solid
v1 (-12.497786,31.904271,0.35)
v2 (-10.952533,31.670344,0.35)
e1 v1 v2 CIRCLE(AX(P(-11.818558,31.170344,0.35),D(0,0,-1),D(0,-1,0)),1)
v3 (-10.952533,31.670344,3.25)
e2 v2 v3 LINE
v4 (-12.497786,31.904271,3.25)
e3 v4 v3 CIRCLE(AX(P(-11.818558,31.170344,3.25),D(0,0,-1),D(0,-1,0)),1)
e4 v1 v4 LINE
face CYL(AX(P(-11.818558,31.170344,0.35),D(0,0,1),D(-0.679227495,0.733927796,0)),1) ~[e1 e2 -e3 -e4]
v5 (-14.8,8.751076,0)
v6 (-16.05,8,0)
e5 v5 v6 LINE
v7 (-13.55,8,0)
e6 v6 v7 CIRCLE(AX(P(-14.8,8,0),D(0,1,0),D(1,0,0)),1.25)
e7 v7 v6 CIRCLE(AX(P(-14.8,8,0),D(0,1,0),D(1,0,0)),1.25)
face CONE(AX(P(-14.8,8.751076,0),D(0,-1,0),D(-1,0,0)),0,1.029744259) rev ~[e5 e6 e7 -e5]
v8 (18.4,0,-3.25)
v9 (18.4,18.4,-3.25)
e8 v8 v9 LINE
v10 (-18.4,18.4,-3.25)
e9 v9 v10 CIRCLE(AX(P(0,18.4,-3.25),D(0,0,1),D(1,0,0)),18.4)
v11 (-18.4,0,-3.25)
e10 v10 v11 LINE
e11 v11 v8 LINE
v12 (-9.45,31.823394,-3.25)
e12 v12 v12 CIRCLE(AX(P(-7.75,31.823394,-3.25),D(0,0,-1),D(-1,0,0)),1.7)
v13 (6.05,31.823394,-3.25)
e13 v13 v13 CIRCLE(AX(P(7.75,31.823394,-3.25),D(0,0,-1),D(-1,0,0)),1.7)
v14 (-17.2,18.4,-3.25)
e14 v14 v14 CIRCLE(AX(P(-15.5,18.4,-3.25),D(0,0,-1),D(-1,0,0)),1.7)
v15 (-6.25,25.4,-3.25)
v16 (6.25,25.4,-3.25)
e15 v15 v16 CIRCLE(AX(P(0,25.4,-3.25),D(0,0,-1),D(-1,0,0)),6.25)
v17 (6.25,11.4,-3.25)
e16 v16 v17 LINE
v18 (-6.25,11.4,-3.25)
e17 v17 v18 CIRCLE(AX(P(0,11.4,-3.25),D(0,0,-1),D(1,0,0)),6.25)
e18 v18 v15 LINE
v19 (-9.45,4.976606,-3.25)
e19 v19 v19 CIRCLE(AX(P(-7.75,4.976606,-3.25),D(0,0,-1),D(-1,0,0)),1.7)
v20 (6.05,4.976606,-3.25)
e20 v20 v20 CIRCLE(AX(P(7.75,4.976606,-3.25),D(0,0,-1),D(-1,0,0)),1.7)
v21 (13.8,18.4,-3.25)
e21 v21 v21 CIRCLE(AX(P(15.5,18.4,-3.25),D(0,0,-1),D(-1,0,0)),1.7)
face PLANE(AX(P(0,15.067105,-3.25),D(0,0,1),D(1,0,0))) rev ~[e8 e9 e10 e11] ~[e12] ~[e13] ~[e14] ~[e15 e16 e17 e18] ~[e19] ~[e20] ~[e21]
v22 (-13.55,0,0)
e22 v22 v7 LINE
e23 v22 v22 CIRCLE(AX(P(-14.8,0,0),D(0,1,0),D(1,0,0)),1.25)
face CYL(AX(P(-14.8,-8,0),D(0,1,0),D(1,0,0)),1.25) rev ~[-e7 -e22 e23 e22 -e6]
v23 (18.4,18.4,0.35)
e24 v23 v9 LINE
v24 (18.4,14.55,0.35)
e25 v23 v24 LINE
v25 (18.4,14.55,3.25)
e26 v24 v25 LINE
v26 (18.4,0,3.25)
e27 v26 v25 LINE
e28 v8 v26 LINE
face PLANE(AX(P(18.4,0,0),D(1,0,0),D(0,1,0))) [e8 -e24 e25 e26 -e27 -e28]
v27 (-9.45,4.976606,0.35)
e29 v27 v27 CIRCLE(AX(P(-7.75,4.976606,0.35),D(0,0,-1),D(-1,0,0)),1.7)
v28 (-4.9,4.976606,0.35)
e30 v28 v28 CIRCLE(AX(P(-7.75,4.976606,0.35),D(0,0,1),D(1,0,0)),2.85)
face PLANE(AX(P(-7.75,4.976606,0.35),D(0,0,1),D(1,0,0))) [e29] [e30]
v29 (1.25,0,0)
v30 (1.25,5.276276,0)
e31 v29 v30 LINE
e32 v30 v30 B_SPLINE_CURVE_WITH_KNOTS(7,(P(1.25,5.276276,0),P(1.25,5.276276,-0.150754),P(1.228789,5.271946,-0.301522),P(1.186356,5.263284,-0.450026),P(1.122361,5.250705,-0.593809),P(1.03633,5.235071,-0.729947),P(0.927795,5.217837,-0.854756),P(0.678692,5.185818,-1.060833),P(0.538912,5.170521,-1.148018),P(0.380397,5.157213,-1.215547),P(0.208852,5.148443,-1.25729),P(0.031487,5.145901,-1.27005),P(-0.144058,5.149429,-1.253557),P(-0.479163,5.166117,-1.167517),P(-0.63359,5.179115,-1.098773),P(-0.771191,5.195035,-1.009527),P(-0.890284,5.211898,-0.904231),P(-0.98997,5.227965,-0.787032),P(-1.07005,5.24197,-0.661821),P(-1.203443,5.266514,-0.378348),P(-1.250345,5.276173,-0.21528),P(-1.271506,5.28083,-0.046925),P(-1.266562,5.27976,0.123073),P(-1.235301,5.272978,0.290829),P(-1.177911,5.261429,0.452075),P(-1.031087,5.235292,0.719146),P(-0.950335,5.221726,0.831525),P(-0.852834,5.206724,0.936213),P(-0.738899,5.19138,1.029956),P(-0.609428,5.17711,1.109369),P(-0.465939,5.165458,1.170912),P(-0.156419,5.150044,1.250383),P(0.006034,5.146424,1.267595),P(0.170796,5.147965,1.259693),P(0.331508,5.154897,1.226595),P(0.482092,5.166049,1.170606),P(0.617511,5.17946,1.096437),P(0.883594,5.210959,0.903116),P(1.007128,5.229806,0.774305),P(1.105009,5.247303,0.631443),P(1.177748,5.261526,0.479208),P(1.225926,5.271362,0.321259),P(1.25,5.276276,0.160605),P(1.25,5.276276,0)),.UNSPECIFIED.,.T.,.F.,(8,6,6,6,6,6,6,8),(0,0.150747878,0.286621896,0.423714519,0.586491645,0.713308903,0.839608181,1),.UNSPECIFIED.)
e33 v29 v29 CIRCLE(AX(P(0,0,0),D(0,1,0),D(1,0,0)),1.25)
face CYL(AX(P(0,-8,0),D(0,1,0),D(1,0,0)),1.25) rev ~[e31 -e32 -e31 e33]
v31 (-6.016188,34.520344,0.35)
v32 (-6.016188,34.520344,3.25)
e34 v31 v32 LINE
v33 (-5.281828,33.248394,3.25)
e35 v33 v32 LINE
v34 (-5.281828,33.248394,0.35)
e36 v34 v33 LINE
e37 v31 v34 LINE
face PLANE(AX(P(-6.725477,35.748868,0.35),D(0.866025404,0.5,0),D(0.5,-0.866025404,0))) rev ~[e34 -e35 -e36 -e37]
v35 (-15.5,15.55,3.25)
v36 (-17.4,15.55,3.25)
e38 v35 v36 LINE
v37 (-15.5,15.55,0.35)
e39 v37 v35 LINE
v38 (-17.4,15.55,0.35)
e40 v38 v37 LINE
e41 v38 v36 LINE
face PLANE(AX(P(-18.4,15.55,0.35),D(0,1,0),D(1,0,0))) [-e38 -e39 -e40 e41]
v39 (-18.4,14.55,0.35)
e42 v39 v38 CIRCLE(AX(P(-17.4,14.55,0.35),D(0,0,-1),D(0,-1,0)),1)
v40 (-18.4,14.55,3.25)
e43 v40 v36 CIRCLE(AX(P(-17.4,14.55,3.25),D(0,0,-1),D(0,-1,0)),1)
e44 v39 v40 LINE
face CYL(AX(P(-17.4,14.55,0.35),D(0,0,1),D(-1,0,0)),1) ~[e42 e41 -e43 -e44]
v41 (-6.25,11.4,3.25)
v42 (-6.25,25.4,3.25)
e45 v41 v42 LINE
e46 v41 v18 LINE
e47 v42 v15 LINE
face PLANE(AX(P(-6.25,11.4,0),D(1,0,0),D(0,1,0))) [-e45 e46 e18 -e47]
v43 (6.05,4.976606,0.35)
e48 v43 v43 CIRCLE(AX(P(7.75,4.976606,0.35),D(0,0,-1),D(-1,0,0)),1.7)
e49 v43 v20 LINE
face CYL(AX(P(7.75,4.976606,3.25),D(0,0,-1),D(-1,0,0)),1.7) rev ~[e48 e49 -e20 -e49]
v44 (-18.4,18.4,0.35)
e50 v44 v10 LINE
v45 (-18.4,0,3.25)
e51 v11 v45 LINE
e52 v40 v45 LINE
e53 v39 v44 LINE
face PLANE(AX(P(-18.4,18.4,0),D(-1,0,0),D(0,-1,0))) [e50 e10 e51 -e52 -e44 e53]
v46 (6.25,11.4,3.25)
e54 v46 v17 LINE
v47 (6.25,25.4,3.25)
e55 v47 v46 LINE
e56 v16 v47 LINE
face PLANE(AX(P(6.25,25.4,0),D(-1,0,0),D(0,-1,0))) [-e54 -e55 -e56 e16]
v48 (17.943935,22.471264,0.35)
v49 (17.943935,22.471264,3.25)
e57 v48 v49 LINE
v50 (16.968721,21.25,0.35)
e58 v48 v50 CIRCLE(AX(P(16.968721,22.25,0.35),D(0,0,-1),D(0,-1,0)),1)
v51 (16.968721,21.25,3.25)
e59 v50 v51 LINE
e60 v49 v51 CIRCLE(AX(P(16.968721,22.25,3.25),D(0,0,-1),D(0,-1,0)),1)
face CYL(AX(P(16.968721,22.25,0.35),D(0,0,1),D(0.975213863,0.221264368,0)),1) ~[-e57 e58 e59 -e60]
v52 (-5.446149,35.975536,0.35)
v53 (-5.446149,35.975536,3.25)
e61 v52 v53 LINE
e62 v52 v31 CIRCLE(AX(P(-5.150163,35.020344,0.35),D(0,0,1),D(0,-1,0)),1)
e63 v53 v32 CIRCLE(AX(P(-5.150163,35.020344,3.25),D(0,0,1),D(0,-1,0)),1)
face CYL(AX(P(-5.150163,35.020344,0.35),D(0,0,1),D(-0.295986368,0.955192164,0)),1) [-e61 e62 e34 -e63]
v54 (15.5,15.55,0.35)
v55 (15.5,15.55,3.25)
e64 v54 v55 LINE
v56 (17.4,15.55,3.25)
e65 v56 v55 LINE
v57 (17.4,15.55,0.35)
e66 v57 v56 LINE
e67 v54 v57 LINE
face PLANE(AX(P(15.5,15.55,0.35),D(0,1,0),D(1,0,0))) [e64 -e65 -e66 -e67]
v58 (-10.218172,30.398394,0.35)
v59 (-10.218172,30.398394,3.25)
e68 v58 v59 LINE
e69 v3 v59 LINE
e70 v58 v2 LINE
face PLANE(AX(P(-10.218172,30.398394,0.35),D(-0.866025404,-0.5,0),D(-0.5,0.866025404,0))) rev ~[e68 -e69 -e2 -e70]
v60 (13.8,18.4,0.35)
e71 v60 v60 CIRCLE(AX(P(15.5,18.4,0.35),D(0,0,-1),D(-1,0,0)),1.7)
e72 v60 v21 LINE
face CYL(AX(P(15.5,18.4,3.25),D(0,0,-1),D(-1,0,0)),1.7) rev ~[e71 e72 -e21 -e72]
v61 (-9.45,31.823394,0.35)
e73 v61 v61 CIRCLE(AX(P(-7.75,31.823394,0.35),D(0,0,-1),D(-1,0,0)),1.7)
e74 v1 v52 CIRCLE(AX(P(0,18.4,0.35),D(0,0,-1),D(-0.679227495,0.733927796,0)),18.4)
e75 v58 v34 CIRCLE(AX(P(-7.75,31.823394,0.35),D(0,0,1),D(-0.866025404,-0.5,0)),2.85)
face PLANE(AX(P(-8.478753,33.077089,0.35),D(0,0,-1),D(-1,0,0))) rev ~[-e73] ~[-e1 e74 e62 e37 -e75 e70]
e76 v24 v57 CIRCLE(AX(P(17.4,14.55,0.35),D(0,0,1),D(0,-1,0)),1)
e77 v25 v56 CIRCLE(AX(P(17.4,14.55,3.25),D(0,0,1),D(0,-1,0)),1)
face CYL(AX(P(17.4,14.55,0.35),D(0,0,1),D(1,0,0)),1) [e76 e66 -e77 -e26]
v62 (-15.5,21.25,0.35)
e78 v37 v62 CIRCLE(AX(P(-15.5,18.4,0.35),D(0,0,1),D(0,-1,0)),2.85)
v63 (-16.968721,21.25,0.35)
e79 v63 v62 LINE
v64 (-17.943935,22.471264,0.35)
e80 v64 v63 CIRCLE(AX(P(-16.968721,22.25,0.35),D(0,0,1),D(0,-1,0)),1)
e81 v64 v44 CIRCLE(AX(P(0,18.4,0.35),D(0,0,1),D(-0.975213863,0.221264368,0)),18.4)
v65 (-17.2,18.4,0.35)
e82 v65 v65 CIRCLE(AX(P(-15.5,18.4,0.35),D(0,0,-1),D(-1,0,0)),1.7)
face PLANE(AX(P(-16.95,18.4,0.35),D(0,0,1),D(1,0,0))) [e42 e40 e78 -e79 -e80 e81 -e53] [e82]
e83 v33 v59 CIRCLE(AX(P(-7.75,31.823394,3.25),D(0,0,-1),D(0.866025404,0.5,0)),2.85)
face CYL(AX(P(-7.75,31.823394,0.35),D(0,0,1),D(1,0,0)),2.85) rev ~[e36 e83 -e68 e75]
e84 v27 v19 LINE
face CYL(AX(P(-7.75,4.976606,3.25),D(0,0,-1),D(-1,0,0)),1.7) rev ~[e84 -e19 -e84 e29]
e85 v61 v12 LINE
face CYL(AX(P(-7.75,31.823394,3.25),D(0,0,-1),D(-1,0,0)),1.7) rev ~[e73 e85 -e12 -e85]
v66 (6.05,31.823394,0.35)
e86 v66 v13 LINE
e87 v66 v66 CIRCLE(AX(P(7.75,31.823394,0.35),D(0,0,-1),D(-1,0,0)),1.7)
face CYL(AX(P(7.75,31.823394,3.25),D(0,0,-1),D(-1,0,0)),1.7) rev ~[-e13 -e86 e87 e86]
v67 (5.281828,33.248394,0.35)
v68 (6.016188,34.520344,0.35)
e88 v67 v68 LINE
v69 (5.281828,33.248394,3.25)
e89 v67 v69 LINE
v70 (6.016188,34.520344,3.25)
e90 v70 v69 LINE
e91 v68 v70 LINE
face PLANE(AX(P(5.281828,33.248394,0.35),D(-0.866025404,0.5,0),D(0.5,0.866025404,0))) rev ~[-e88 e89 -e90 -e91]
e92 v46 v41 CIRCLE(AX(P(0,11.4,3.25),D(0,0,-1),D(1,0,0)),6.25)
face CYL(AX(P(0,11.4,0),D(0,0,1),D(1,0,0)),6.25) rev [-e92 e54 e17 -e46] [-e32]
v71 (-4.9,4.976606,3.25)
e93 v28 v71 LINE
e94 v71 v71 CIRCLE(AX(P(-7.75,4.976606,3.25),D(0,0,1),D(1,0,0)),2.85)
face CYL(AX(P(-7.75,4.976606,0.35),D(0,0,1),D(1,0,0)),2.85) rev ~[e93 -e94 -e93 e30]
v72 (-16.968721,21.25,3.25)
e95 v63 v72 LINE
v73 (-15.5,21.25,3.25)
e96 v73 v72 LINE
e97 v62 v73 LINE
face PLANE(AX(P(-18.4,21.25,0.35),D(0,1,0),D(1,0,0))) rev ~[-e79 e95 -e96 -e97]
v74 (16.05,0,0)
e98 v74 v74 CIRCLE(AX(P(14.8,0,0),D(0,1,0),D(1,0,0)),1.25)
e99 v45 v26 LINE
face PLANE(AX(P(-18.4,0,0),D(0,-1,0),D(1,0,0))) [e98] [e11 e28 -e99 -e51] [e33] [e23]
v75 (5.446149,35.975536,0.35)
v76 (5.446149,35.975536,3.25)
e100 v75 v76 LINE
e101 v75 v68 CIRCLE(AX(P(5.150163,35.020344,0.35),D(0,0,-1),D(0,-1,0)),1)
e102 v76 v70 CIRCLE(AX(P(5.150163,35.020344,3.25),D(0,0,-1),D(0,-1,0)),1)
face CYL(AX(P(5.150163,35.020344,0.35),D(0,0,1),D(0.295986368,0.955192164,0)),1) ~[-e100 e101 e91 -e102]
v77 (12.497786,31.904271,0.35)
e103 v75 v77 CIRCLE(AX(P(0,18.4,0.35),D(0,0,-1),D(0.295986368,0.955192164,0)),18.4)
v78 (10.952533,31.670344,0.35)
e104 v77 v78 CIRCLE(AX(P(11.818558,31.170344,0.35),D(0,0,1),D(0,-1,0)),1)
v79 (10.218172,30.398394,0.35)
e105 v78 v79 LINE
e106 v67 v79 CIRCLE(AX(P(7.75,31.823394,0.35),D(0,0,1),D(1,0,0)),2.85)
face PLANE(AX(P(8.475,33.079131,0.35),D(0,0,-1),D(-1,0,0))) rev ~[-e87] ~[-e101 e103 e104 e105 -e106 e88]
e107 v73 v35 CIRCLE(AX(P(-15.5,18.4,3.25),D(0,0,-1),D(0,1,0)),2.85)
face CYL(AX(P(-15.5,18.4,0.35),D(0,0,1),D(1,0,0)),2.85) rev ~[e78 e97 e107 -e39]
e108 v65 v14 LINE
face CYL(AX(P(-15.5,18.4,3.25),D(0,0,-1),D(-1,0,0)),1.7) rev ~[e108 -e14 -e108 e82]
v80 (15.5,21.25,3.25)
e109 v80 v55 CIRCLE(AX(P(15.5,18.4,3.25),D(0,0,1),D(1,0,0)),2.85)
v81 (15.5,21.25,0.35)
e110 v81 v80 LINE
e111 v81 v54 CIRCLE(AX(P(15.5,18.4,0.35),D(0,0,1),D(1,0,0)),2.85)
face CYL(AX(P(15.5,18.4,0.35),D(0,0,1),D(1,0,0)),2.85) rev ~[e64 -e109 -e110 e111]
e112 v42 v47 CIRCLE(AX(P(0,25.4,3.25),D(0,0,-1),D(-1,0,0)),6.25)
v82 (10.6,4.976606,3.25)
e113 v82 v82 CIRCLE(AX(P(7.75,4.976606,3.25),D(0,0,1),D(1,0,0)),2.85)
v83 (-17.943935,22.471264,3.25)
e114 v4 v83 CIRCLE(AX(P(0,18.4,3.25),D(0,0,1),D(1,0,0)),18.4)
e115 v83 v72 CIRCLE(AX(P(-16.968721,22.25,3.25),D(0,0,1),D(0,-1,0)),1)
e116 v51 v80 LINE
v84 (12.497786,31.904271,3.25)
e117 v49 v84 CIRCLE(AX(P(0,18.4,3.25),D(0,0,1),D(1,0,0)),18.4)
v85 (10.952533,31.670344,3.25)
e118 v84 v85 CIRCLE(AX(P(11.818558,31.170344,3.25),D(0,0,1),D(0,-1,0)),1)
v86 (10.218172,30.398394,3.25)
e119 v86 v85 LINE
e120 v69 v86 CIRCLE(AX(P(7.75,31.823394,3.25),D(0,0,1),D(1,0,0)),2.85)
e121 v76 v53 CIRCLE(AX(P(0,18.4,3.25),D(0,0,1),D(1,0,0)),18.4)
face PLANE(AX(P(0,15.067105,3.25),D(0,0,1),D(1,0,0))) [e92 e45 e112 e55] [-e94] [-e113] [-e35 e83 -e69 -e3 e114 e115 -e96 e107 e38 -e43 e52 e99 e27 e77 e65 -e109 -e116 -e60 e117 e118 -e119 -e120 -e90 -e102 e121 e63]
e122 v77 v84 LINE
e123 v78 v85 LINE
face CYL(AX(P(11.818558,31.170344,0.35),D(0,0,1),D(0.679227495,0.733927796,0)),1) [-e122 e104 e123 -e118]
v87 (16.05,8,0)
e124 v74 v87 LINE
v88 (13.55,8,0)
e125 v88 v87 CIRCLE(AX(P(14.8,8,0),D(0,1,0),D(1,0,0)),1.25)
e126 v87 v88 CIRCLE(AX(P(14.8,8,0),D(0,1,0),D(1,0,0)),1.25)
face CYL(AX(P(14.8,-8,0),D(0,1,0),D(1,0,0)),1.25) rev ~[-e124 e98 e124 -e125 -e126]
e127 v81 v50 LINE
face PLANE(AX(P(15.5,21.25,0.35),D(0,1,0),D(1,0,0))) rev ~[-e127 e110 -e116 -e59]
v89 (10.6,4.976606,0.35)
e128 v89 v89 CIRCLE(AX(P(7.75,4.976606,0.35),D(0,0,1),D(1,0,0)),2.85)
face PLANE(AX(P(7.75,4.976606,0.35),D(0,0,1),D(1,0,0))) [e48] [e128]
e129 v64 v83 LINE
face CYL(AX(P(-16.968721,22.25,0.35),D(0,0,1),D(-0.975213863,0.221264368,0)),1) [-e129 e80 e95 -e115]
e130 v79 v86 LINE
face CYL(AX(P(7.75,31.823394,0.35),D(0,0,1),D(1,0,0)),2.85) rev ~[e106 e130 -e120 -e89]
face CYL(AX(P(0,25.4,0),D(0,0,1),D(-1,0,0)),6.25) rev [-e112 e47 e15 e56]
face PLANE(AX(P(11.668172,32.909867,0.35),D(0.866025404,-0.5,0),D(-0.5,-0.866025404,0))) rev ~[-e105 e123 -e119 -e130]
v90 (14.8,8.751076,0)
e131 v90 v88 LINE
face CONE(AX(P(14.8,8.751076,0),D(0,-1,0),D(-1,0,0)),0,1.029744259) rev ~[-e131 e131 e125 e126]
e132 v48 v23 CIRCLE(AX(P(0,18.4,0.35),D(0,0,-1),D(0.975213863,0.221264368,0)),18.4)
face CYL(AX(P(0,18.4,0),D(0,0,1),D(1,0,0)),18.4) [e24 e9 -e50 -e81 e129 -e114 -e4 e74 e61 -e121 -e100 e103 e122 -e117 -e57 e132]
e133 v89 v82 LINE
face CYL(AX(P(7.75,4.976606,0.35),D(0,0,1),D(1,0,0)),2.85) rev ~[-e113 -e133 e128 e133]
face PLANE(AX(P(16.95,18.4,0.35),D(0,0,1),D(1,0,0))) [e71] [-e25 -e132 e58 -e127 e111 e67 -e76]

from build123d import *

# Parameters (mm, degrees)
BOSS_EXTRUDE1_DEPTH             = 3.25
CBORE_FOR_M3_SBHCS1_D           = 3.4
CBORE_FOR_M3_SBHCS1_CBORE_D     = 5.7
CBORE_FOR_M3_SBHCS1_CBORE_DEPTH = 2.9
SKETCH6_W                       = 2.9
SKETCH6_H                       = 5.7
CUT_EXTRUDE1_DEPTH              = 42.300847449
M3X0_5_TAPPED_HOLE1_D           = 2.5
M3X0_5_TAPPED_HOLE1_DEPTH       = 8
M3X0_5_TAPPED_HOLE1_TIP         = 0.751075774
FILLET1_R                       = 1


with BuildPart() as part:
    # Sketch1 → Boss-Extrude1 (new, symmetric)
    with BuildSketch(Plane.XY):
        with BuildLine():
            Line((-18.4, 18.4), (-18.4, 0))
            Line((-18.4, 0), (18.4, 0))
            Line((18.4, 0), (18.4, 18.4))
            ThreePointArc((18.4, 18.4), (0, 36.8), (-18.4, 18.4))
        make_face()
        with BuildLine():
            Line((6.25, 25.4), (6.25, 11.4))
            ThreePointArc((6.25, 11.4), (0, 5.15), (-6.25, 11.4))
            Line((-6.25, 11.4), (-6.25, 25.4))
            ThreePointArc((-6.25, 25.4), (0, 31.65), (6.25, 25.4))
        make_face(mode=Mode.SUBTRACT)
    extrude(amount=BOSS_EXTRUDE1_DEPTH, both=True)

    # CBORE for M3 SBHCS1 (through all)
    with Locations(Plane.XY.offset(3.25)):
        with Locations((7.75, 4.976606241), (15.5, 18.4), (7.75, 31.823393759), (-7.75, 31.823393759), (-15.5, 18.4), (-7.75, 4.976606241)):
            CounterBoreHole(CBORE_FOR_M3_SBHCS1_D / 2, CBORE_FOR_M3_SBHCS1_CBORE_D / 2, CBORE_FOR_M3_SBHCS1_CBORE_DEPTH)

    # Sketch6 → Cut-Extrude1 (cut, through all)
    with BuildSketch(Plane.XY.offset(0.35)):
        with Locations((-16.95, 18.4)):
            Rectangle(SKETCH6_W, SKETCH6_H)
        with Locations((16.95, 18.4)):
            Rectangle(SKETCH6_W, SKETCH6_H)
        Polygon((-10.218172401, 30.398393759), (-11.674711226, 32.921193007), (-6.725476951, 35.748867784), (-5.281827599, 33.248393759), align=None)
        Polygon((5.281827599, 33.248393759), (6.731827599, 35.75986743), (11.668172401, 32.90986743), (10.218172401, 30.398393759), align=None)
    extrude(amount=CUT_EXTRUDE1_DEPTH, mode=Mode.SUBTRACT)

    # M3x0.5 Tapped Hole1
    with Locations(Plane(origin=(0, 0, 0), x_dir=(-1, 0, 0), z_dir=(0, -1, 0))):
        with Locations((14.8, 0), (0, 0), (-14.8, 0)):
            Hole(M3X0_5_TAPPED_HOLE1_D / 2, depth=M3X0_5_TAPPED_HOLE1_DEPTH)
            with Locations((0, 0, -(M3X0_5_TAPPED_HOLE1_DEPTH + M3X0_5_TAPPED_HOLE1_TIP / 2))):  # 118° drill point
                Cone(0, M3X0_5_TAPPED_HOLE1_D / 2, M3X0_5_TAPPED_HOLE1_TIP, mode=Mode.SUBTRACT)

    # Fillet1
    fillet1_edges = [part.edges().sort_by_distance(p)[0] for p in [
        (-18.177939927, 21.25, 1.8),
        (-18.4, 15.55, 1.8),
        (11.557142364, 32.717557765, 1.8),
        (6.620797563, 35.567557765, 1.8),
        (-6.620797563, 35.567557765, 1.8),
        (-11.557142364, 32.717557765, 1.8),
        (18.4, 15.55, 1.8),
        (18.177939927, 21.25, 1.8),
    ]]
    fillet(fillet1_edges, radius=FILLET1_R)


solid = part.part
